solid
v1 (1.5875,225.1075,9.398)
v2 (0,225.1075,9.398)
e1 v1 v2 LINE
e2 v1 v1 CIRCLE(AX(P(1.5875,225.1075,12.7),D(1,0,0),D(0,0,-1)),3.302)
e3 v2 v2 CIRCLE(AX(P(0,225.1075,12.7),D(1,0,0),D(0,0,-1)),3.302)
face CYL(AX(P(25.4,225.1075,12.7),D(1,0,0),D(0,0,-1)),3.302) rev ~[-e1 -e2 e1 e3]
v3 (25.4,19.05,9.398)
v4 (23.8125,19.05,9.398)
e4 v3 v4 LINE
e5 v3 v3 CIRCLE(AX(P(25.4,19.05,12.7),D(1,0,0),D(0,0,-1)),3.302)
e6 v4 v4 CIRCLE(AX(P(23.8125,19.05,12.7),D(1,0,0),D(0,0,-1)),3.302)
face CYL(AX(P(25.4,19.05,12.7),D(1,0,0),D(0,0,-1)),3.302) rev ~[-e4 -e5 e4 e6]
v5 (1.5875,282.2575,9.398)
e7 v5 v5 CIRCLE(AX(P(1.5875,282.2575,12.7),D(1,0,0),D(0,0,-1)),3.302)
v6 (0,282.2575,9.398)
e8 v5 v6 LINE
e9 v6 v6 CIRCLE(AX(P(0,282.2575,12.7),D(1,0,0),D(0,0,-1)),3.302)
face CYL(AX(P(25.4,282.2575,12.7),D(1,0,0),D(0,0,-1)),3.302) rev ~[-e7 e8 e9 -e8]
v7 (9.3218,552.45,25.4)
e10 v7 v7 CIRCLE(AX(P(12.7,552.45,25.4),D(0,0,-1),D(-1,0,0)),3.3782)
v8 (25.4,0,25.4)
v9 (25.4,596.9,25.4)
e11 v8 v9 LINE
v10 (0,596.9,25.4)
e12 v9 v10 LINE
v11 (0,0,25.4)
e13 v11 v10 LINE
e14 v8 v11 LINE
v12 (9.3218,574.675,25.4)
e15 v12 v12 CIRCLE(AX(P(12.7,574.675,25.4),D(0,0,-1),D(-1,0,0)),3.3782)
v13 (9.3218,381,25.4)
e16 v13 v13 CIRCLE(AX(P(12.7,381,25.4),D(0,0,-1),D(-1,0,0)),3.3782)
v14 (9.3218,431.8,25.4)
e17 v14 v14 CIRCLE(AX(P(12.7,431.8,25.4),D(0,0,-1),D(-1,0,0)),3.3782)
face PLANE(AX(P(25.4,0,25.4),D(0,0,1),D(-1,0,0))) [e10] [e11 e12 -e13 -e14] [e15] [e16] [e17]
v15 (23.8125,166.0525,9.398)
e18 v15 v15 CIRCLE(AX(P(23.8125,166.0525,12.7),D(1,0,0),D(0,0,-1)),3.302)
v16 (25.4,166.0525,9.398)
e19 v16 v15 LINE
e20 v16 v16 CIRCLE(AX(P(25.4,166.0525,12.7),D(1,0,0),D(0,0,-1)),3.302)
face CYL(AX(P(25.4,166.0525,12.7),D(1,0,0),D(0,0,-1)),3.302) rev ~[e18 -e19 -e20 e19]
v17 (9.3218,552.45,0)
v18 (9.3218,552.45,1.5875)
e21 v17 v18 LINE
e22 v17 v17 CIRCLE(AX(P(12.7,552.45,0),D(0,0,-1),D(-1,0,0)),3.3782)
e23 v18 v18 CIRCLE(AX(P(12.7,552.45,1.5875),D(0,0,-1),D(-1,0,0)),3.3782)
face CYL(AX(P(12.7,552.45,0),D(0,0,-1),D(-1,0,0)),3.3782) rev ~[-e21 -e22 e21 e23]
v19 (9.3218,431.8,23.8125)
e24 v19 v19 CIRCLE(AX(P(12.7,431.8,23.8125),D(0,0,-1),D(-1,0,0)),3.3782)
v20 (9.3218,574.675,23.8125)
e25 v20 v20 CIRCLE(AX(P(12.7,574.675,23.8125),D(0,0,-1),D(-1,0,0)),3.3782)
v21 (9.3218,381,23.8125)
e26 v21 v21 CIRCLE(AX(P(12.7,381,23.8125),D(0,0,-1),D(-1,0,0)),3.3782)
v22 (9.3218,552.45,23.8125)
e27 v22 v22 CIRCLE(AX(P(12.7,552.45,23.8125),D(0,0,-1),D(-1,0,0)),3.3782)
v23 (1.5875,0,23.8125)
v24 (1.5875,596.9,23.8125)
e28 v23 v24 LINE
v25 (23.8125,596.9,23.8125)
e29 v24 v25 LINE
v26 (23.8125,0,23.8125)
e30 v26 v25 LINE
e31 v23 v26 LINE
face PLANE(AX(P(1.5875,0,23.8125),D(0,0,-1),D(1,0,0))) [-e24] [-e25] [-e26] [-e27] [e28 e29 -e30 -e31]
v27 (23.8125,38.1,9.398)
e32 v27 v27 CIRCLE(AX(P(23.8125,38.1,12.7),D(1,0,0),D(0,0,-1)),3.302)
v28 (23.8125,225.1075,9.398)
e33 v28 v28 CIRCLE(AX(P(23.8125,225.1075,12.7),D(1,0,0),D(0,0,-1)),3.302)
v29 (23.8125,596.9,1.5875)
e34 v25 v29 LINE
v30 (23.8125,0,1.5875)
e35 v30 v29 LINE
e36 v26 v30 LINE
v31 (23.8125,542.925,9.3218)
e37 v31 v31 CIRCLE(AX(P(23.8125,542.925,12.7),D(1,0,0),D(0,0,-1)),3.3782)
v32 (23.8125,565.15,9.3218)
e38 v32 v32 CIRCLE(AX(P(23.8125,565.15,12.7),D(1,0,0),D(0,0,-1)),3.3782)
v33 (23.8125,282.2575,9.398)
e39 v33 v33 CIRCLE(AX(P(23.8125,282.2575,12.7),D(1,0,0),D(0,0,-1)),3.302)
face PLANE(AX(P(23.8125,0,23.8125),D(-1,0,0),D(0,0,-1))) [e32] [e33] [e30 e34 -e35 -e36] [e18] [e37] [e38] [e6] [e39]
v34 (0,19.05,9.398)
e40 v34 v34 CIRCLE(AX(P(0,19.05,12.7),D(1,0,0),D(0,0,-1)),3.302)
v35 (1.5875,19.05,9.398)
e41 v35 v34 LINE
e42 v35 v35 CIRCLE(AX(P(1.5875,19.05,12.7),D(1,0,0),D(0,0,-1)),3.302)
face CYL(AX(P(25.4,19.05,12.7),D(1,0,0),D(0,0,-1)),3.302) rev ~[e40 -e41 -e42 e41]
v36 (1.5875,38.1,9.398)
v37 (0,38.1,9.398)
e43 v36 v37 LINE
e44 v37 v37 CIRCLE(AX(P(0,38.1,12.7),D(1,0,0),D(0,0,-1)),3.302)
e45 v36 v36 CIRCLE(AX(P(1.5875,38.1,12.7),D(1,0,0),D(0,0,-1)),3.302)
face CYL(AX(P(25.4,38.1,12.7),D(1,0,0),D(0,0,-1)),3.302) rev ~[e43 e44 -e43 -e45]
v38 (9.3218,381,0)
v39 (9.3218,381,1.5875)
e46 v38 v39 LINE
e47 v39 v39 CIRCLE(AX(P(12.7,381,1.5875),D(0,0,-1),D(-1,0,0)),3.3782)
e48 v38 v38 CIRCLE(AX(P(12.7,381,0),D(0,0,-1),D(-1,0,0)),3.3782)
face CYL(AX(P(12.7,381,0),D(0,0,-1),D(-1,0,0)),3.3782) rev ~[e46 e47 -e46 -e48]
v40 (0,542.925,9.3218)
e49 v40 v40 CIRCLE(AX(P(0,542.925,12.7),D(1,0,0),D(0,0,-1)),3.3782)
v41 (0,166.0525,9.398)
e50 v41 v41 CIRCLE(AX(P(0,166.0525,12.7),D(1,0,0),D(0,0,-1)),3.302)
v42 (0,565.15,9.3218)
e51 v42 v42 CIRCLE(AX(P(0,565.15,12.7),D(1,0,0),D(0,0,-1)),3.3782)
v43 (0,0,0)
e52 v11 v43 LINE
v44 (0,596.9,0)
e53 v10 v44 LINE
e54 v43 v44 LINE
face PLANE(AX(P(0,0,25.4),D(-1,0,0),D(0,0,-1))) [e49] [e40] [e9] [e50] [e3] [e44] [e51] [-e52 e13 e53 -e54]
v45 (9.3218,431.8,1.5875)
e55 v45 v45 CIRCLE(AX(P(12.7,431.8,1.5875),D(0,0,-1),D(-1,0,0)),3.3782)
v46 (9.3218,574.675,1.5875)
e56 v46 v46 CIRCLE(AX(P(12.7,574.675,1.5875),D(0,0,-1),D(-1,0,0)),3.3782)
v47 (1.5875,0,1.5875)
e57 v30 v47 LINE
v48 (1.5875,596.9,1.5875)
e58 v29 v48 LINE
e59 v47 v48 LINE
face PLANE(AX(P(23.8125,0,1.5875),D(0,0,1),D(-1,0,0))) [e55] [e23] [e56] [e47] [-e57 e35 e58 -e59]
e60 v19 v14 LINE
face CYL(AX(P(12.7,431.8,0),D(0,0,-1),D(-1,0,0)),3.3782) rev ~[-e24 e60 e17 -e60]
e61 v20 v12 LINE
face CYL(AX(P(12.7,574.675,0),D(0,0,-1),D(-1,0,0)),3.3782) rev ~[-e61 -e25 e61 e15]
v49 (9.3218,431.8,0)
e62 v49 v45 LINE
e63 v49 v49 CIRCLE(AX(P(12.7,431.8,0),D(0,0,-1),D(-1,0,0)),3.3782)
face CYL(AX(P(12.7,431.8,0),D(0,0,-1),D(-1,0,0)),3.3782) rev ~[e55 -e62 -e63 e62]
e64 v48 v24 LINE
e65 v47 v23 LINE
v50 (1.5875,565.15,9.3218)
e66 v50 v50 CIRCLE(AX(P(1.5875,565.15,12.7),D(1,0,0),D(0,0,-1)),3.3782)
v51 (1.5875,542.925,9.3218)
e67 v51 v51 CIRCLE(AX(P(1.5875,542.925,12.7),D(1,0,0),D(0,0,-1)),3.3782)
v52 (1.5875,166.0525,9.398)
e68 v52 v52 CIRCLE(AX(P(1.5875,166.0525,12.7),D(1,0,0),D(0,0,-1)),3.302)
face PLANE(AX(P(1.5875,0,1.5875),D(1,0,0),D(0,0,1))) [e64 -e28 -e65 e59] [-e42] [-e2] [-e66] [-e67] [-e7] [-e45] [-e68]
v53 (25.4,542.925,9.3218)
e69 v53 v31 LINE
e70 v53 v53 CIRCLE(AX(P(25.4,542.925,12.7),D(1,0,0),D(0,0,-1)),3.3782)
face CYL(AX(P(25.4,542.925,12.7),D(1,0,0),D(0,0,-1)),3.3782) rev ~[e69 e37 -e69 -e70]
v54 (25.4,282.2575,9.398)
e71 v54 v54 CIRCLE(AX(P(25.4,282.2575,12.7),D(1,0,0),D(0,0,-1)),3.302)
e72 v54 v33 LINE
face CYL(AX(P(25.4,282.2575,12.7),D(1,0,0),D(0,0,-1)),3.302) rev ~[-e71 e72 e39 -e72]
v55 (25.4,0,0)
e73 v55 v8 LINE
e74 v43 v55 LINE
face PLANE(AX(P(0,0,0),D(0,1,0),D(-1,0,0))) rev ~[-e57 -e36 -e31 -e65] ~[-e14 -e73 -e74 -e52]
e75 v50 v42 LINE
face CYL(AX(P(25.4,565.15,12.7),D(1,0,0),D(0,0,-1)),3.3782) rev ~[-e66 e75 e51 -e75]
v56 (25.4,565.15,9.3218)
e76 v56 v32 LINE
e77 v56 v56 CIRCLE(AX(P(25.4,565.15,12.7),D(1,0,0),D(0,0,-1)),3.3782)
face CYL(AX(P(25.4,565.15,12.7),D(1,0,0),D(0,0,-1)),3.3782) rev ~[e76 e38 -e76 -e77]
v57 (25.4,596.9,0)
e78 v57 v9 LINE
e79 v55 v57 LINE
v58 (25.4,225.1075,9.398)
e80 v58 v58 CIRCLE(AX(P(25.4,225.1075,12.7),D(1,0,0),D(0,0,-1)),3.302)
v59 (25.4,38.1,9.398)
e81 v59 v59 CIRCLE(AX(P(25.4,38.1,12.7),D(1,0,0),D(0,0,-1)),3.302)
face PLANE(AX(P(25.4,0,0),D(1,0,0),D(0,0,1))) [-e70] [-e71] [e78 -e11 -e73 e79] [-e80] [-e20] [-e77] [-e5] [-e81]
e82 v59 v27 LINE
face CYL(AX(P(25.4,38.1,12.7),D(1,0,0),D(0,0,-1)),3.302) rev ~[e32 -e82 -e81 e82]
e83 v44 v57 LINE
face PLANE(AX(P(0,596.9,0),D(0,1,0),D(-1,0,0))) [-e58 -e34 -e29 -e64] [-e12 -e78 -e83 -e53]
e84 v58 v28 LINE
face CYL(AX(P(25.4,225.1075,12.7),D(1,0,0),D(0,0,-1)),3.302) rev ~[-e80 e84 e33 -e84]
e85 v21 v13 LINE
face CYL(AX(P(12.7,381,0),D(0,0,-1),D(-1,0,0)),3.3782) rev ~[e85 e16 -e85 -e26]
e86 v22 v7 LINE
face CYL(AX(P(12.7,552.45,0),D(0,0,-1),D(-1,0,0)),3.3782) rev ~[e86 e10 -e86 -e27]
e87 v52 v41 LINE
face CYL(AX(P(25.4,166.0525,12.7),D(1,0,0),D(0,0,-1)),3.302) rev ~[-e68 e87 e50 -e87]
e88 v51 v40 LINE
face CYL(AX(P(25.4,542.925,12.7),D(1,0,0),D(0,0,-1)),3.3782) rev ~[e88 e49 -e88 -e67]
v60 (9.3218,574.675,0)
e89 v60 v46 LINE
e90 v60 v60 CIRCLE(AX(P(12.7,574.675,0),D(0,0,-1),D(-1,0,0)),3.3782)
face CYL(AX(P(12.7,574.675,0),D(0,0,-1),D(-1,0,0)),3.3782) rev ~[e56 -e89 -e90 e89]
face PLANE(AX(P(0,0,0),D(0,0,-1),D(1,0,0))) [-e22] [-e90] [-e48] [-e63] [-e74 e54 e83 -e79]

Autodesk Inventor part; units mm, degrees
ref_plane "YZ Plane" through (0, 0, 0) normal (1, 0, 0) x (0, 1, 0)
ref_plane "XZ Plane" through (0, 0, 0) normal (0, 1, 0) x (-1, 0, 0)
ref_plane "XY Plane" through (0, 0, 0) normal (0, 0, 1) x (1, 0, 0)
sketch "Sketch1" plane through (0, 0, 0) normal (0, 1, 0) x (-1, 0, 0)
  line L0 (0, 0) -> (-25.4, 0)
  line L1 (-25.4, 0) -> (-25.4, 25.4)
  line L2 (-25.4, 25.4) -> (0, 25.4)
  line L3 (0, 25.4) -> (0, 0)
  line L4 (-1.5875, 23.8125) -> (-23.8125, 23.8125)
  line L5 (-23.8125, 23.8125) -> (-23.8125, 1.5875)
  line L6 (-23.8125, 1.5875) -> (-1.5875, 1.5875)
  line L7 (-1.5875, 1.5875) -> (-1.5875, 23.8125)
  dimension "d0" = 25.4
  dimension "d2" = 25.4
  dimension "d3" = 1.5875
extrude "Extrusion1" add sketch "Sketch1" along normal blind 596.9
sketch "Sketch7" plane through (25.4, 0, 0) normal (0, 0, -1) x (-1, 0, 0)
  circle A0 centre (12.7, 552.45) radius 3.3782
  circle A1 centre (12.7, 574.675) radius 3.3782
extrude "Extrusion6" cut sketch "Sketch7" against normal blind 25.4
sketch "Sketch8" plane through (25.4, 0, 25.4) normal (1, 0, 0) x (0, 0, -1)
  circle A0 centre (12.7, 565.15) radius 3.3782
  circle A1 centre (12.7, 542.925) radius 3.3782
  circle A2 centre (12.7, 19.05) radius 3.302 projected
  circle A3 centre (12.7, 38.1) radius 3.302 projected
  arc A4 (25.4, 47.625) -> (22.225, 50.8) centre (22.225, 47.625) ccw projected
  line L0 (22.225, 50.8) -> (3.175, 50.8) projected
  arc A5 (3.175, 50.8) -> (0, 47.625) centre (3.175, 47.625) ccw projected
  line L1 (0, 47.625) -> (0, 4.445) projected
  line L2 (0, 4.445) -> (25.4, 4.445) projected
  line L3 (25.4, 47.625) -> (25.4, 4.445) projected
  arc A6 (22.225, 155.2575) -> (25.4, 158.4325) centre (22.225, 158.4325) ccw projected
  line L4 (3.175, 155.2575) -> (22.225, 155.2575) projected
  arc A7 (0, 158.4325) -> (3.175, 155.2575) centre (3.175, 158.4325) ccw projected
  line L5 (0, 177.4825) -> (0, 158.4325) projected
  arc A8 (0, 177.4825) -> (-3.175, 180.6575) centre (-3.175, 177.4825) ccw projected
  line L6 (-7.0866, 180.6575) -> (-3.175, 180.6575) projected
  line L7 (-7.0866, 180.6575) -> (-7.0866, 244.1575) projected
  line L8 (-3.175, 244.1575) -> (-7.0866, 244.1575) projected
  arc A9 (-3.175, 244.1575) -> (0, 247.3325) centre (-3.175, 247.3325) ccw projected
  line L9 (0, 291.7825) -> (0, 247.3325) projected
  arc A10 (3.175, 294.9575) -> (0, 291.7825) centre (3.175, 291.7825) ccw projected
  line L10 (22.225, 294.9575) -> (3.175, 294.9575) projected
  arc A11 (25.4, 291.7825) -> (22.225, 294.9575) centre (22.225, 291.7825) ccw projected
  line L11 (25.4, 158.4325) -> (25.4, 291.7825) projected
  circle A12 centre (12.7, 166.0525) radius 3.302 projected
  circle A13 centre (12.7, 199.7075) radius 3.302 projected
  circle A14 centre (12.7, 225.1075) radius 3.302 projected
  circle A15 centre (12.7, 253.6825) radius 3.302 projected
  circle A16 centre (12.7, 282.2575) radius 3.302 projected
extrude "Extrusion7" cut sketch "Sketch8" against normal blind 25.4 contours A0 | A1 | A2 | A3 | A12 | A14 | A16
sketch "Sketch9" plane through (25.4, 0, 0) normal (0, 0, -1) x (-1, 0, 0)
  circle A0 centre (12.7, 431.8) radius 3.3782 projected
  line L0 (25.4, 440.055) -> (0, 440.055) projected
  line L1 (0, 368.3) -> (0, 440.055) projected
  line L2 (25.4, 368.3) -> (0, 368.3) projected
  line L3 (25.4, 440.055) -> (25.4, 368.3) projected
  circle A1 centre (12.7, 431.8) radius 3.3782 projected
  circle A2 centre (12.7, 381) radius 3.3782 projected
extrude "Extrusion8" cut sketch "Sketch9" against normal blind 25.4 contours A0 | A2
properties part number "Rebuild Edge Mount 1" material "Aluminum 6061"
